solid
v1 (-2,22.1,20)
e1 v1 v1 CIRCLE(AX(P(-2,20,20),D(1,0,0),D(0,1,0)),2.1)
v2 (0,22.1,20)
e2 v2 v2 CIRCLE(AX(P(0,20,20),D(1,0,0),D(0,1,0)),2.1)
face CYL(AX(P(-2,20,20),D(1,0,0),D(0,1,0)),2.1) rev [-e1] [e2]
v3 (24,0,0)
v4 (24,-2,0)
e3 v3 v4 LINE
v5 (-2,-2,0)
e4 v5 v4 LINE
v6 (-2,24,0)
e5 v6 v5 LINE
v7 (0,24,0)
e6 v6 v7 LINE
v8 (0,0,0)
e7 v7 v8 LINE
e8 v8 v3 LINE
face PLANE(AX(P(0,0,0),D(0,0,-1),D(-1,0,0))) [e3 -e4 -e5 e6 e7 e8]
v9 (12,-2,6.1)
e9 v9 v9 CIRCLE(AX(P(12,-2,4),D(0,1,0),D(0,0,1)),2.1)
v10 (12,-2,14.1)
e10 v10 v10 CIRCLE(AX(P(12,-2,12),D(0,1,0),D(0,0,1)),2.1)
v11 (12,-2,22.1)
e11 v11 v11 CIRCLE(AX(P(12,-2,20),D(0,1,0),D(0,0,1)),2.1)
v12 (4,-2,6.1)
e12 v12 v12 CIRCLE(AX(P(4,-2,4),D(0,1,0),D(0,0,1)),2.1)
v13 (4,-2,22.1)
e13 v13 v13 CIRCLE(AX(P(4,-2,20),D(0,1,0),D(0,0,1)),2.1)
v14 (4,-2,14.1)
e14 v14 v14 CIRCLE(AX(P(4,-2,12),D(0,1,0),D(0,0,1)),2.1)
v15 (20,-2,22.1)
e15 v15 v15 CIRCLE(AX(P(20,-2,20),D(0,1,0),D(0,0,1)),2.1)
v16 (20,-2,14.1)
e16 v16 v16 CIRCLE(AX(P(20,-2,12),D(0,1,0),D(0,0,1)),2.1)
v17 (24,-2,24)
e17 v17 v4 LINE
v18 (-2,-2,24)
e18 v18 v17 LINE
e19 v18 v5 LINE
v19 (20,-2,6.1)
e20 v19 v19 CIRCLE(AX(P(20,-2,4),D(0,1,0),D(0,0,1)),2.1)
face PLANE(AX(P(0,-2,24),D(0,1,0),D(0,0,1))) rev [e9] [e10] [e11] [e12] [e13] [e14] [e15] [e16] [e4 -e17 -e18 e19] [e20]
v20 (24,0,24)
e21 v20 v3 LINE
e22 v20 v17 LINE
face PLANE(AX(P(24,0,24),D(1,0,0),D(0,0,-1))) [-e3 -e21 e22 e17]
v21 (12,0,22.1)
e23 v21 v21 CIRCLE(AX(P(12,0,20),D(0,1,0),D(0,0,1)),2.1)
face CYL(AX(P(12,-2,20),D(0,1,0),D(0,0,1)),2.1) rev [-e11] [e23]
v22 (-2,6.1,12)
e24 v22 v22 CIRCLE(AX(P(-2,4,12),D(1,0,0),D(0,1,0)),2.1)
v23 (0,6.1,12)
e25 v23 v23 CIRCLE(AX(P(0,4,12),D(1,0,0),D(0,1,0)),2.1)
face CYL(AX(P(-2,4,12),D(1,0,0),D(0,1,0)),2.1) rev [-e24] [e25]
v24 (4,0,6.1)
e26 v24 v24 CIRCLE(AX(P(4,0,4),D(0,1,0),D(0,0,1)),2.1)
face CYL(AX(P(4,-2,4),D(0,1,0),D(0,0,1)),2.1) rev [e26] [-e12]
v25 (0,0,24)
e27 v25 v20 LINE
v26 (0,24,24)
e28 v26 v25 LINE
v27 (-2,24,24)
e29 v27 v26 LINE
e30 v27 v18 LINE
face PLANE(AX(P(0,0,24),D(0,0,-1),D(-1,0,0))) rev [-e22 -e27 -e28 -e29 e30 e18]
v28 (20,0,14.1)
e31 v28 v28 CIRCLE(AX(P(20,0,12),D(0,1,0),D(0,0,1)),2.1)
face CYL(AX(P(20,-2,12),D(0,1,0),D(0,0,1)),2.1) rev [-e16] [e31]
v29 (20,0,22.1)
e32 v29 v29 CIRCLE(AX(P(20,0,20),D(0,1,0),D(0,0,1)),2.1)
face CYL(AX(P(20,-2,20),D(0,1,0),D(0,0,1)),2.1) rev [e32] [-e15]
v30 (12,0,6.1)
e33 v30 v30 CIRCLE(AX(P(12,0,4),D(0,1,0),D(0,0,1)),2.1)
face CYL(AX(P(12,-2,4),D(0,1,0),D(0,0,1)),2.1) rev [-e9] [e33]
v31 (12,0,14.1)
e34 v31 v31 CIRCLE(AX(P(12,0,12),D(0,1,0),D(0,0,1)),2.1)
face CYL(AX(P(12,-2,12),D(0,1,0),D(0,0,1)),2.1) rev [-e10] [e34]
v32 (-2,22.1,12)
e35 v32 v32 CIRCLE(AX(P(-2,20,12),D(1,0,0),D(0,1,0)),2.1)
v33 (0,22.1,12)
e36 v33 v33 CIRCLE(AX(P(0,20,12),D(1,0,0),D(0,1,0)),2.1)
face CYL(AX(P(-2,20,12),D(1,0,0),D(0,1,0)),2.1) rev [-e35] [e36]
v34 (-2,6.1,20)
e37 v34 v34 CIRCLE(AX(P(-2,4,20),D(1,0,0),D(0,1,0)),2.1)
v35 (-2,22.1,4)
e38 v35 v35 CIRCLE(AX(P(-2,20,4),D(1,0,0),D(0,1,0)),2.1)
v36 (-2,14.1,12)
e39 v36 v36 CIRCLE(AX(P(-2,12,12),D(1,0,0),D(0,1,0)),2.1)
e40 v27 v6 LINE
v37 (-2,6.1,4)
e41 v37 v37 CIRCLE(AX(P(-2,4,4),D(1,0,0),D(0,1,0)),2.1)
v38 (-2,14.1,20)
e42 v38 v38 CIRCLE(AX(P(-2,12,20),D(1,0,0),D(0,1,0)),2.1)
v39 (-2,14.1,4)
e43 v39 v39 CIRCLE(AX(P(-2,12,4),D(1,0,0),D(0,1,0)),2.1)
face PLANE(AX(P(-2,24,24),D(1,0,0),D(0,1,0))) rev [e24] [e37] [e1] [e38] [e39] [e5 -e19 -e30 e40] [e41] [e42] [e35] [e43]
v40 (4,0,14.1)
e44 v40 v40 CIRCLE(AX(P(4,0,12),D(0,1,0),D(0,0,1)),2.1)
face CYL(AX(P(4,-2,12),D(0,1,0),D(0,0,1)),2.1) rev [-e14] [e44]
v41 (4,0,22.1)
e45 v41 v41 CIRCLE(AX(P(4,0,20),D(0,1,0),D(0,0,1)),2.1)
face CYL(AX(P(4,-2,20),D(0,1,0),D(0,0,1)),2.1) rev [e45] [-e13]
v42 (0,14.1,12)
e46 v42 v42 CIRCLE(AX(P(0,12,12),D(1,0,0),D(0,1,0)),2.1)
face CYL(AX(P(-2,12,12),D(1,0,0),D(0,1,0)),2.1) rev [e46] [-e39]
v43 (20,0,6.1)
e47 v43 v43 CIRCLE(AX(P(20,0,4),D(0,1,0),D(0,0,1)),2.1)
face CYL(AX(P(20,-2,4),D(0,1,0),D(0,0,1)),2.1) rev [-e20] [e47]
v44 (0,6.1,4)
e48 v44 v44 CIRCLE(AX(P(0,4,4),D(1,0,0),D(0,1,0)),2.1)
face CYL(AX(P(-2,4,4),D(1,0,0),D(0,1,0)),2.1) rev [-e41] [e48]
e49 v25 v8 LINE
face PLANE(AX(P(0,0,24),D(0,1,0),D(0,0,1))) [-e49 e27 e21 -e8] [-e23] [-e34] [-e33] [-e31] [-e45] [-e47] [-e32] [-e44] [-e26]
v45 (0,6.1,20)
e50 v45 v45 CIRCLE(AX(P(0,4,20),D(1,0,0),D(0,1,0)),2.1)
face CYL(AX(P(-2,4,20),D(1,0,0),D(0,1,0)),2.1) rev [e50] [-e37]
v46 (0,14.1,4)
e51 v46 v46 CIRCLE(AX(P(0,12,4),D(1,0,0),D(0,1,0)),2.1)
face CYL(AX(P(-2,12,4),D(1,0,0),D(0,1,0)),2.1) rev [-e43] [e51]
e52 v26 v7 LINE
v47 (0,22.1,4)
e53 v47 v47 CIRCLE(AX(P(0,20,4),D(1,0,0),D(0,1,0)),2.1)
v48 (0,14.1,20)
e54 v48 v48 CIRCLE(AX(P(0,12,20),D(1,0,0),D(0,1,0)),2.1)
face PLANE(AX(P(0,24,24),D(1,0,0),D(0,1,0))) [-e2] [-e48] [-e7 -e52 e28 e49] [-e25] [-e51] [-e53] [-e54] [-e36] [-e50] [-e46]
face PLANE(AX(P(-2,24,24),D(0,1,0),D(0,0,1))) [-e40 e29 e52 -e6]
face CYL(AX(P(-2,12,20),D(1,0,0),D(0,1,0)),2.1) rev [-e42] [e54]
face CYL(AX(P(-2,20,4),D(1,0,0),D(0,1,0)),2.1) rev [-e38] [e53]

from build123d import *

# Parameters (mm, degrees)
EXTRU_MINCE1_DEPTH              = 24
ESQUISSE2_R                     = 2.1
ENL_V_MAT_EXTRU_1_DEPTH         = 42.569219382
R_P_TITION_LIN_AIRE1_COUNT      = 3
R_P_TITION_LIN_AIRE1_PITCH      = 8
R_P_TITION_LIN_AIRE1_COUNT_DIR2 = 3
R_P_TITION_LIN_AIRE1_PITCH_DIR2 = 8
ESQUISSE3_R                     = 2.1
ENL_V_MAT_EXTRU_2_DEPTH         = 42.569219382
R_P_TITION_LIN_AIRE2_COUNT      = 3
R_P_TITION_LIN_AIRE2_PITCH      = 8
R_P_TITION_LIN_AIRE2_COUNT_DIR2 = 3
R_P_TITION_LIN_AIRE2_PITCH_DIR2 = 8


with BuildPart() as part:
    # Esquisse1 → Extru.-Mince1 (new body)
    with BuildSketch(Plane.XY):
        Polygon((0, 24), (0, 0), (24, 0), (24, -2), (-2, -2), (-2, 24), align=None)
    extrude(amount=EXTRU_MINCE1_DEPTH)

    # Esquisse2 → Enlèv. mat.-Extru.1 (cut, through all)
    with BuildSketch(Plane(origin=(0, 0, 0), x_dir=(1, 0, 0), z_dir=(0, 1, 0))):
        with Locations(Location((4, -20, 0), (0, 0, 270))):
            Circle(ESQUISSE2_R)
    enl_v_mat_extru_1 = extrude(amount=-ENL_V_MAT_EXTRU_1_DEPTH, mode=Mode.SUBTRACT)

    # Répétition linéaire1: Enl_v. mat.-Extru.1 3 × 3
    with Locations(*[(i * R_P_TITION_LIN_AIRE1_PITCH, 0, -j * R_P_TITION_LIN_AIRE1_PITCH_DIR2) for i in range(R_P_TITION_LIN_AIRE1_COUNT) for j in range(R_P_TITION_LIN_AIRE1_COUNT_DIR2) if (i, j) != (0, 0)]):
        add(enl_v_mat_extru_1, mode=Mode.SUBTRACT)

    # Esquisse3 → Enlèv. mat.-Extru.2 (cut, through all)
    with BuildSketch(Plane(origin=(0, 0, 0), x_dir=(0, 0, -1), z_dir=(1, 0, 0))):
        with Locations(Location((-20, 4, 0), (0, 0, 90))):
            Circle(ESQUISSE3_R)
    enl_v_mat_extru_2 = extrude(amount=-ENL_V_MAT_EXTRU_2_DEPTH, mode=Mode.SUBTRACT)

    # Répétition linéaire2: Enl_v. mat.-Extru.2 3 × 3
    with Locations(*[(0, i * R_P_TITION_LIN_AIRE2_PITCH, -j * R_P_TITION_LIN_AIRE2_PITCH_DIR2) for i in range(R_P_TITION_LIN_AIRE2_COUNT) for j in range(R_P_TITION_LIN_AIRE2_COUNT_DIR2) if (i, j) != (0, 0)]):
        add(enl_v_mat_extru_2, mode=Mode.SUBTRACT)


solid = part.part
